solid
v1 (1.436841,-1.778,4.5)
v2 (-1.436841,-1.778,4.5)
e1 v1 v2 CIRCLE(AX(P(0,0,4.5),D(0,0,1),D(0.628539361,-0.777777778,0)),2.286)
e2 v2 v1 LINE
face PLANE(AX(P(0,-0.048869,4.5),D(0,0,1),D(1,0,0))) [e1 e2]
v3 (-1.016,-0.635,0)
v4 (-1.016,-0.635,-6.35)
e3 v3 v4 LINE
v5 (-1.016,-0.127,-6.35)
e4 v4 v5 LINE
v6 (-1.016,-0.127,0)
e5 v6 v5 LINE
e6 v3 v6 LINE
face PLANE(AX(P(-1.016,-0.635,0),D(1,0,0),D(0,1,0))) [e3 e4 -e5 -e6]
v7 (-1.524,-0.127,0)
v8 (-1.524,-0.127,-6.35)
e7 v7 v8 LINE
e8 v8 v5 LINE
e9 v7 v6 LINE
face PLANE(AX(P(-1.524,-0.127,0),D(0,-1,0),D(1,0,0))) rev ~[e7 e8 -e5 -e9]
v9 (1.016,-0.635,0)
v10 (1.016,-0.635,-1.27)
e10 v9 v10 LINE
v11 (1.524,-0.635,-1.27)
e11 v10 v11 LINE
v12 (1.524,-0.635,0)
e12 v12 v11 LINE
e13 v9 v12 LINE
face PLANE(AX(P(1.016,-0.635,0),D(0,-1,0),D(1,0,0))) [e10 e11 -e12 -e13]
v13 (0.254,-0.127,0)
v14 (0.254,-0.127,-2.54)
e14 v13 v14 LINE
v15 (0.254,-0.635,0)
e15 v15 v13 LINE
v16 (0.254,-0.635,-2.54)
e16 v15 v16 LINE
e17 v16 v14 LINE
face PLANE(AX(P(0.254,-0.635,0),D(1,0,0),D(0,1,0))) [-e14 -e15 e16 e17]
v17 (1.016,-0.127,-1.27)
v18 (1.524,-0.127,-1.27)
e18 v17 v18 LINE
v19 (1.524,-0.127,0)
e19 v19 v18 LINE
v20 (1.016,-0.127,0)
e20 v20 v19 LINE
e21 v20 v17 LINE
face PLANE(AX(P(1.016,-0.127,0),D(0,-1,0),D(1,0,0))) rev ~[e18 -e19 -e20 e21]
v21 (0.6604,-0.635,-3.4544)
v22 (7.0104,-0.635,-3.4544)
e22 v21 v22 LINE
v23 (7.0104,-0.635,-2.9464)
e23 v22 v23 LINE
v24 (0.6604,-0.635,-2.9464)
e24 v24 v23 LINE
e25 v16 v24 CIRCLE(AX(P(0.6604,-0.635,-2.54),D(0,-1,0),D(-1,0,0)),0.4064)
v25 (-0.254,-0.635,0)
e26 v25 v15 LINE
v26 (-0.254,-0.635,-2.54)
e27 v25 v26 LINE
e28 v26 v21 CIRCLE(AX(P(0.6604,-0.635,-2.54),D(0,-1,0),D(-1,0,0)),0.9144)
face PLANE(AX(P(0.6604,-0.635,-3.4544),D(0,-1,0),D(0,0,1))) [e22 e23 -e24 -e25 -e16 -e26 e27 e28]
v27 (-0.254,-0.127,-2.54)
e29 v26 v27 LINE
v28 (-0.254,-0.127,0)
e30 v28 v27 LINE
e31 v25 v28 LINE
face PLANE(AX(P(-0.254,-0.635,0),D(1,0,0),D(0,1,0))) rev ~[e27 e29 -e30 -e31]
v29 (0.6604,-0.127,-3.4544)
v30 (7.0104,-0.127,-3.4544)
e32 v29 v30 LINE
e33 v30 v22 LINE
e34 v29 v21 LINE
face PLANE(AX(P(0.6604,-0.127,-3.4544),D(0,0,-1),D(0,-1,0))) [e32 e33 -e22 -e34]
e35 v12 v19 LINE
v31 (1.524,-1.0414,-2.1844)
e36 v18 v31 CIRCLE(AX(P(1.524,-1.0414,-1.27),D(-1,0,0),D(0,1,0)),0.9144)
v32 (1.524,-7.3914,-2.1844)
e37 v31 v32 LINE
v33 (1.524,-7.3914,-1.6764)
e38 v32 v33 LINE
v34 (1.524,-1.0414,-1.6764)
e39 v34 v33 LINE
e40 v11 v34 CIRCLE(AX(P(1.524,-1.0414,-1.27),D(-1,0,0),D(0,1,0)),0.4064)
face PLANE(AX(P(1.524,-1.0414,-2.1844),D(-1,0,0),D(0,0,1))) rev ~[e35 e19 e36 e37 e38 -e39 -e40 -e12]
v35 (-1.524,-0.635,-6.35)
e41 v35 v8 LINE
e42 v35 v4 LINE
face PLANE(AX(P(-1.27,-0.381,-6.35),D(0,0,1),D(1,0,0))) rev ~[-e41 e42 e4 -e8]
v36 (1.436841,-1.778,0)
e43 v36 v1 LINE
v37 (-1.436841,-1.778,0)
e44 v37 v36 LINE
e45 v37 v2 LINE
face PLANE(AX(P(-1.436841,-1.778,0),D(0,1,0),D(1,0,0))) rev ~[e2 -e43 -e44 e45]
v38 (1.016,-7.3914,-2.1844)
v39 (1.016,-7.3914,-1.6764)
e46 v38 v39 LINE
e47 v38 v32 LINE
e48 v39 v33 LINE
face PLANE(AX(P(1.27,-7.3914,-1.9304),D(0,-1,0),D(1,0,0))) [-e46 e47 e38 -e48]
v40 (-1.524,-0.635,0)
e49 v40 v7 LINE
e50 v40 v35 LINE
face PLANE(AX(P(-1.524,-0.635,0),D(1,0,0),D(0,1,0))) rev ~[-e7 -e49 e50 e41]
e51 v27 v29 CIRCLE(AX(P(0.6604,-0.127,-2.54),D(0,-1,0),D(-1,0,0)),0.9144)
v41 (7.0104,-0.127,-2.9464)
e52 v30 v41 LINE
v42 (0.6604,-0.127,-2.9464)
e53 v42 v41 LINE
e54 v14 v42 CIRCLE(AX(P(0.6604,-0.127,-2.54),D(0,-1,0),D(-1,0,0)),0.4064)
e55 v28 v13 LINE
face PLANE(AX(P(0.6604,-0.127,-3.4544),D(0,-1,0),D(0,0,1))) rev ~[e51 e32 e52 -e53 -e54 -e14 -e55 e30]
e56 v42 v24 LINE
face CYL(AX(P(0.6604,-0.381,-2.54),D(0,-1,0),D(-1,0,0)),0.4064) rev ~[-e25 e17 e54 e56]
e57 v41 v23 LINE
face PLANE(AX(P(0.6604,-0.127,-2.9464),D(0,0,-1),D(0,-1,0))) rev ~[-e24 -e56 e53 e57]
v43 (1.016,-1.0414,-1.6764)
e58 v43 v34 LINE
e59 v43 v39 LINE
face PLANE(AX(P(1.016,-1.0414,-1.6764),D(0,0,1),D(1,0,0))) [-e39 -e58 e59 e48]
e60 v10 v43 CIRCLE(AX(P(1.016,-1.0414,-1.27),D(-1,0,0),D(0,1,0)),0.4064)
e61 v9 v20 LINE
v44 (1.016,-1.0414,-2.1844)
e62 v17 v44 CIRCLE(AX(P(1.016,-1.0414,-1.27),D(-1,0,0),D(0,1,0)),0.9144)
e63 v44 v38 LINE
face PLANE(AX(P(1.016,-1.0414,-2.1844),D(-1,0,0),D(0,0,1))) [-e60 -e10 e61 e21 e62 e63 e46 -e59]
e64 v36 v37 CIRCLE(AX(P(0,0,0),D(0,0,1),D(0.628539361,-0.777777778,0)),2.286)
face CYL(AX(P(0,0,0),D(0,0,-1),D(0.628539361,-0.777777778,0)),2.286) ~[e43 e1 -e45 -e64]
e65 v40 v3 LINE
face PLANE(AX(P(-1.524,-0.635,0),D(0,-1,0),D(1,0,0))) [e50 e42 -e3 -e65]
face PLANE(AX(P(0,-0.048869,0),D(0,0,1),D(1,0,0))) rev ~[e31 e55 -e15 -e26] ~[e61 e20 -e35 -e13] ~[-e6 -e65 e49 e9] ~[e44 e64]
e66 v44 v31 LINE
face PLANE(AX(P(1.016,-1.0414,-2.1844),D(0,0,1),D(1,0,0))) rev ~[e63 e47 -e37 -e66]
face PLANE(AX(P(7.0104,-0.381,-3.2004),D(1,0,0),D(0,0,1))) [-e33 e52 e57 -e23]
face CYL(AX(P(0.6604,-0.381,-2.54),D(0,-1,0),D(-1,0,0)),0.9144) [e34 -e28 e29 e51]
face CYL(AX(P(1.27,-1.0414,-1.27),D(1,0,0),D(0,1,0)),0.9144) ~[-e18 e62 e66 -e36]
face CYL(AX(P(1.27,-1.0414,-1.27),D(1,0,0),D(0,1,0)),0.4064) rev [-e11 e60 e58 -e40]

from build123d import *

# Parameters (mm, degrees)
F0_W       = 0.508
F0_H       = 0.508
F1_DEPTH   = 4.5
F2_DEPTH   = 1.27
F3_DEPTH   = 2.54
F4_DEPTH   = 6.35
F2_FACE1_W = 0.508
F2_FACE1_H = 0.508
F6_ANGLE   = 90
F7_DEPTH   = 6.35
F3_FACE1_W = 0.508
F3_FACE1_H = 0.508
F9_ANGLE   = 90
F10_DEPTH  = 6.35


with BuildPart() as f1:
    # F0 (on Top) → F1 (new body)
    with BuildSketch(Plane.XY):
        with BuildLine():
            Line((0, -1.778), (1.4368409794, -1.778))
            ThreePointArc((1.4368409794, -1.778), (0, 2.286), (-1.4368409794, -1.778))
            Line((-1.4368409794, -1.778), (0, -1.778))
        make_face()
        with Locations((-1.27, -0.381)):
            Rectangle(F0_W, F0_H, mode=Mode.SUBTRACT)
        with Locations((0, -0.381)):
            Rectangle(F0_W, F0_H, mode=Mode.SUBTRACT)
        with Locations((1.27, -0.381)):
            Rectangle(F0_W, F0_H, mode=Mode.SUBTRACT)
        with Locations((-1.27, -0.381)):
            Rectangle(F0_W, F0_H)
        with Locations((0, -0.381)):
            Rectangle(F0_W, F0_H)
        with Locations((1.27, -0.381)):
            Rectangle(F0_W, F0_H)
    extrude(amount=F1_DEPTH)

    # F0 (on Top) → F2 (join)
    with BuildSketch(Plane.XY):
        with Locations((1.27, -0.381)):
            Rectangle(F0_W, F0_H)
    extrude(amount=-F2_DEPTH)

    # F0 (on Top) → F3 (join)
    with BuildSketch(Plane.XY):
        with Locations((0, -0.381)):
            Rectangle(F0_W, F0_H)
    extrude(amount=-F3_DEPTH)

    # F0 (on Top) → F4 (join)
    with BuildSketch(Plane.XY):
        with Locations((-1.27, -0.381)):
            Rectangle(F0_W, F0_H)
    extrude(amount=-F4_DEPTH)

    # F2_face1 (on face) → F6 (revolve)
    with BuildSketch(Plane(origin=(1.27, -0.381, -1.27), x_dir=(1, 0, 0), z_dir=(0, 0, -1))):
        Rectangle(F2_FACE1_W, F2_FACE1_H)
    revolve(axis=Axis((1.524, -1.0414, -1.27), (-1, 0, 0)), revolution_arc=F6_ANGLE)

    # F7 (add): a face of the model
    f7_faces = [f1.faces().sort_by_distance(p)[0] for p in [
        (1.27, -1.0414, -1.9304),
    ]]
    extrude(f7_faces, amount=F7_DEPTH)

    # F3_face1 (on face) → F9 (revolve)
    with BuildSketch(Plane(origin=(0, -0.381, -2.54), x_dir=(1, 0, 0), z_dir=(0, 0, -1))):
        Rectangle(F3_FACE1_W, F3_FACE1_H)
    revolve(axis=Axis((0.6604, -0.635, -2.54), (0, -1, 0)), revolution_arc=F9_ANGLE)

    # F10 (add): a face of the model
    f10_faces = [f1.faces().sort_by_distance(p)[0] for p in [
        (0.6604, -0.381, -3.2004),
    ]]
    extrude(f10_faces, amount=F10_DEPTH)


solid = f1.part
